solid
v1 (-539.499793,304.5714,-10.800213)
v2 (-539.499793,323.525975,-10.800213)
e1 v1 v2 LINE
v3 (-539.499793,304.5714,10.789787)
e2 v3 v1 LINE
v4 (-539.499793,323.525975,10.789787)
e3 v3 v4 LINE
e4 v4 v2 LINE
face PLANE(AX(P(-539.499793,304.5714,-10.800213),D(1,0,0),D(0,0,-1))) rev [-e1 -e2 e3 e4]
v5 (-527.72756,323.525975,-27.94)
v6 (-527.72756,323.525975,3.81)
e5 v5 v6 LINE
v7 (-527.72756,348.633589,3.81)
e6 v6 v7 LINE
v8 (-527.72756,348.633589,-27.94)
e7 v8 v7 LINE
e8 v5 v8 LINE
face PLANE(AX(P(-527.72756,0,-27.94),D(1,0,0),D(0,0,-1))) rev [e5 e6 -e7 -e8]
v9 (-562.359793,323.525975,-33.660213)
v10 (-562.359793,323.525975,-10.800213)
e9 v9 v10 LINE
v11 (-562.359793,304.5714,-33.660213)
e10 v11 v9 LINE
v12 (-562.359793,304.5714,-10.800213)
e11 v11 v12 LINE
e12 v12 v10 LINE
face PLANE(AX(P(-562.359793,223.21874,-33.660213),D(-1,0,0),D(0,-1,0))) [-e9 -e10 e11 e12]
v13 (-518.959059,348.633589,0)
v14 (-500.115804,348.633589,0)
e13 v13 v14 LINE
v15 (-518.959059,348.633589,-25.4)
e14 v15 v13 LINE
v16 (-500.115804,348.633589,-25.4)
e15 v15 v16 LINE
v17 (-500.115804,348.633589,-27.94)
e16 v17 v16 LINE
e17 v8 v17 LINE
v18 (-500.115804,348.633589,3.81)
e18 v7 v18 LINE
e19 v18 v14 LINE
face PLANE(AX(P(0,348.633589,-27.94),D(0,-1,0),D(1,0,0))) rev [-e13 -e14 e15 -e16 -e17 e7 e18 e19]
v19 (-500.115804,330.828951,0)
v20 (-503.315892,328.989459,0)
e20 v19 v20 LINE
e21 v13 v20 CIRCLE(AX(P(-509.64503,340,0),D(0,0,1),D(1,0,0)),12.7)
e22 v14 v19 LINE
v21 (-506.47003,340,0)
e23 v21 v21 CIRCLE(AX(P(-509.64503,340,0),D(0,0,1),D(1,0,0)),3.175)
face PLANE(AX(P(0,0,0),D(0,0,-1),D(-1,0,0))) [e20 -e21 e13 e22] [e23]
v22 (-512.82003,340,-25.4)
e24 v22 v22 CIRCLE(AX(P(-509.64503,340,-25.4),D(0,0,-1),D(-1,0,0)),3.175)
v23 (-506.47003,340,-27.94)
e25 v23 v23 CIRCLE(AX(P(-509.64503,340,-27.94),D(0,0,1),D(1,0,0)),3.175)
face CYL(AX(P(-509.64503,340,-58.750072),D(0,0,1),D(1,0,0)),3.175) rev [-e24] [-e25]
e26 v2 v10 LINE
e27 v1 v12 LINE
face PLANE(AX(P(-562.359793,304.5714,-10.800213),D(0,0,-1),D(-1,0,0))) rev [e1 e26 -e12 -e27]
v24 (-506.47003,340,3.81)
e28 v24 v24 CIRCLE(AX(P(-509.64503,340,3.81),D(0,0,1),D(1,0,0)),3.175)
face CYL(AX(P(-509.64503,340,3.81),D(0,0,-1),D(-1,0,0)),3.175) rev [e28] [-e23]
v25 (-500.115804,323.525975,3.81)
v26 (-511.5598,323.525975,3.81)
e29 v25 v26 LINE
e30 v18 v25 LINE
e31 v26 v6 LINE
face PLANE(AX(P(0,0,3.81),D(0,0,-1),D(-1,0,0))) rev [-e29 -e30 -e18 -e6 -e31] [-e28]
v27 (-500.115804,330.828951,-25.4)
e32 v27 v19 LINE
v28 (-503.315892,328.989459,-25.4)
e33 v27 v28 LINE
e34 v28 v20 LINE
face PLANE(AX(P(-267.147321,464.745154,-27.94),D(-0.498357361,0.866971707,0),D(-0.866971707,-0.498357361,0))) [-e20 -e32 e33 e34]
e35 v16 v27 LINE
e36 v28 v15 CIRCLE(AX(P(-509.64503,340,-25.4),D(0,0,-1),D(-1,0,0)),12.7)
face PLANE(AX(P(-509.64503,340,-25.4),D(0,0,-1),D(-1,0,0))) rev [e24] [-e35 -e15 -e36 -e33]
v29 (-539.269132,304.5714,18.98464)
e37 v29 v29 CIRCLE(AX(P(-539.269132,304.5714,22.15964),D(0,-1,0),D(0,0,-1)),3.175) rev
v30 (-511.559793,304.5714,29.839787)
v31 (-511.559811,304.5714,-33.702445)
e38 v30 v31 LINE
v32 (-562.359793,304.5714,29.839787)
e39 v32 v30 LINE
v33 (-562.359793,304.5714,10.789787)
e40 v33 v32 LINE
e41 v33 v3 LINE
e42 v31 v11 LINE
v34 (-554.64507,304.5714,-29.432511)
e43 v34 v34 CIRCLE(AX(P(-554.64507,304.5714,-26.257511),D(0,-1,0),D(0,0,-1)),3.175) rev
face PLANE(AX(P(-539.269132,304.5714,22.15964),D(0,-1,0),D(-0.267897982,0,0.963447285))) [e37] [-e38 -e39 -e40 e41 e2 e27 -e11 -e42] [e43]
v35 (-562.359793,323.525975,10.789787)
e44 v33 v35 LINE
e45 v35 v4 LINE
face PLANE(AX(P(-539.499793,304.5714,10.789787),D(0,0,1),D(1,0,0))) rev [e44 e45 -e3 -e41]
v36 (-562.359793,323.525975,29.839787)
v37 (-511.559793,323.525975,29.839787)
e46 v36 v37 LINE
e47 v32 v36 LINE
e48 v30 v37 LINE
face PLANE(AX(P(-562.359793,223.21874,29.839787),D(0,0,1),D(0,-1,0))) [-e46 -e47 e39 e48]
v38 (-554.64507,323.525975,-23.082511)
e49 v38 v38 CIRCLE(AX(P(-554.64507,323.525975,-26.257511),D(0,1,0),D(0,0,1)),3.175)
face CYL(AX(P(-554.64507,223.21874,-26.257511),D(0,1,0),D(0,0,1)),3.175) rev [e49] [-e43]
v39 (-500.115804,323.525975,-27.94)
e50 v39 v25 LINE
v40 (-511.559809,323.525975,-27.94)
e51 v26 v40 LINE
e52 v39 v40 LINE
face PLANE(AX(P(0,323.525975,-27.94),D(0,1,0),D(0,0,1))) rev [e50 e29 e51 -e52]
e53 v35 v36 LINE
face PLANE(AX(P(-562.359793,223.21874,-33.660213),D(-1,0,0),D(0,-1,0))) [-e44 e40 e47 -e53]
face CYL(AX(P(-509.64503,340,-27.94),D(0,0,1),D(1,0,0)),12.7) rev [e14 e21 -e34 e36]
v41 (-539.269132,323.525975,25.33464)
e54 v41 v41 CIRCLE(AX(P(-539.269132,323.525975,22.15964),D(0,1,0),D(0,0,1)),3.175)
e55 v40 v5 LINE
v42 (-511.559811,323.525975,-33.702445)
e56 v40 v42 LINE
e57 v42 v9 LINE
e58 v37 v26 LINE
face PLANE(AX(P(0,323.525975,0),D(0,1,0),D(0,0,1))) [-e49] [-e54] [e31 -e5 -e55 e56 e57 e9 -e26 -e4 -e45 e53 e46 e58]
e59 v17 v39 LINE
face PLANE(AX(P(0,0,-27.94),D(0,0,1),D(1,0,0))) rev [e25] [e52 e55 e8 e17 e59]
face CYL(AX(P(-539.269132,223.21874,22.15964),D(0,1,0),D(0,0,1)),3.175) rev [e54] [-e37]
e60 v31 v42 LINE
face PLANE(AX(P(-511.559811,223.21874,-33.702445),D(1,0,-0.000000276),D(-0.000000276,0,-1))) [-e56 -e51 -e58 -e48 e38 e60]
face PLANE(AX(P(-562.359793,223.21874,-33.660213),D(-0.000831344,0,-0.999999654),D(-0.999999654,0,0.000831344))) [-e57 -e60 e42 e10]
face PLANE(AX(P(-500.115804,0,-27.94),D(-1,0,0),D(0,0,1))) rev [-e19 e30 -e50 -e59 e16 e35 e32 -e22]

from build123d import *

# Parameters (mm, degrees)
BOSS_EXTRUDE1_DEPTH = 27.94
SKETCH2_R           = 3.175
BOSS_EXTRUDE2_DEPTH = 2.54
BOSS_EXTRUDE3_START = 3.81
SKETCH3_W           = 27.611756562
SKETCH3_H           = 25.107614127
SKETCH3_R           = 3.175
BOSS_EXTRUDE3_DEPTH = 3.81
SKETCH4_R           = 3.175
BOSS_EXTRUDE4_DEPTH = 18.954575182
SKETCH5_W           = 22.86
SKETCH5_H           = 21.59
CUT_EXTRUDE1_DEPTH  = 564.927995542


with BuildPart() as part:
    # Sketch1 → Boss-Extrude1 (new body)
    with BuildSketch(Plane.XY):
        with BuildLine():
            Line((-518.959059009, 348.633589309), (-527.727560082, 348.633589309))
            Line((-527.727560082, 348.633589309), (-527.727560082, 323.525975182))
            Line((-527.727560082, 323.525975182), (-500.11580352, 323.525975182))
            Line((-500.11580352, 323.525975182), (-500.11580352, 330.828951218))
            Line((-500.11580352, 330.828951218), (-503.31589155, 328.989459324))
            ThreePointArc((-503.31589155, 328.989459324), (-505.910190066, 327.86159111), (-508.689794246, 327.335975182))
            ThreePointArc((-508.689794246, 327.335975182), (-520.655570716, 333.67086151), (-520.107560082, 347.198990562))
            ThreePointArc((-520.107560082, 347.198990562), (-519.559291988, 347.937090778), (-518.959059009, 348.633589309))
        make_face()
    extrude(amount=-BOSS_EXTRUDE1_DEPTH)

    # Sketch2 → Boss-Extrude2 (add)
    with BuildSketch(Plane(origin=(0, 0, -25.4), x_dir=(-1, 0, 0), z_dir=(0, 0, -1))):
        with BuildLine():
            Line((500.11580352, 330.828951218), (500.11580352, 348.633589309))
            Line((500.11580352, 348.633589309), (518.959059009, 348.633589309))
            ThreePointArc((518.959059009, 348.633589309), (519.579835197, 332.088638139), (503.31589155, 328.989459324))
            Line((503.31589155, 328.989459324), (500.11580352, 330.828951218))
        make_face()
        with Locations(Location((509.64503004, 340, 0), (0, 0, 180))):
            Circle(SKETCH2_R, mode=Mode.SUBTRACT)
    extrude(amount=BOSS_EXTRUDE2_DEPTH)

    # Sketch3 → Boss-Extrude3 (add)
    with BuildSketch(Plane.XY.offset(BOSS_EXTRUDE3_START)):
        with Locations((-513.921681801, 336.079782246)):
            Rectangle(SKETCH3_W, SKETCH3_H)
        with Locations((-509.64503004, 340)):
            Circle(SKETCH3_R, mode=Mode.SUBTRACT)
    extrude(amount=-BOSS_EXTRUDE3_DEPTH)

    # Sketch4 → Boss-Extrude4 (add)
    with BuildSketch(Plane(origin=(0, 323.525975182, 0), x_dir=(1, 0, 0), z_dir=(0, 1, 0))):
        Polygon((-562.359793246, 33.660212868), (-511.559810801, 33.702445144), (-511.559793246, -29.839787132), (-562.359793246, -29.839787132), align=None)
        with Locations(Location((-539.26913234, -22.159639935, 0), (0, 0, 270))):
            Circle(SKETCH4_R, mode=Mode.SUBTRACT)
        with Locations(Location((-554.645069674, 26.257511479, 0), (0, 0, 270))):
            Circle(SKETCH4_R, mode=Mode.SUBTRACT)
    extrude(amount=-BOSS_EXTRUDE4_DEPTH)

    # Sketch5 → Cut-Extrude1 (cut, through all)
    with BuildSketch(Plane(origin=(0, 323.525975182, 0), x_dir=(1, 0, 0), z_dir=(0, 1, 0))):
        with Locations((-550.929793246, 0.005212868)):
            Rectangle(SKETCH5_W, SKETCH5_H)
    extrude(amount=-CUT_EXTRUDE1_DEPTH, mode=Mode.SUBTRACT)


solid = part.part
